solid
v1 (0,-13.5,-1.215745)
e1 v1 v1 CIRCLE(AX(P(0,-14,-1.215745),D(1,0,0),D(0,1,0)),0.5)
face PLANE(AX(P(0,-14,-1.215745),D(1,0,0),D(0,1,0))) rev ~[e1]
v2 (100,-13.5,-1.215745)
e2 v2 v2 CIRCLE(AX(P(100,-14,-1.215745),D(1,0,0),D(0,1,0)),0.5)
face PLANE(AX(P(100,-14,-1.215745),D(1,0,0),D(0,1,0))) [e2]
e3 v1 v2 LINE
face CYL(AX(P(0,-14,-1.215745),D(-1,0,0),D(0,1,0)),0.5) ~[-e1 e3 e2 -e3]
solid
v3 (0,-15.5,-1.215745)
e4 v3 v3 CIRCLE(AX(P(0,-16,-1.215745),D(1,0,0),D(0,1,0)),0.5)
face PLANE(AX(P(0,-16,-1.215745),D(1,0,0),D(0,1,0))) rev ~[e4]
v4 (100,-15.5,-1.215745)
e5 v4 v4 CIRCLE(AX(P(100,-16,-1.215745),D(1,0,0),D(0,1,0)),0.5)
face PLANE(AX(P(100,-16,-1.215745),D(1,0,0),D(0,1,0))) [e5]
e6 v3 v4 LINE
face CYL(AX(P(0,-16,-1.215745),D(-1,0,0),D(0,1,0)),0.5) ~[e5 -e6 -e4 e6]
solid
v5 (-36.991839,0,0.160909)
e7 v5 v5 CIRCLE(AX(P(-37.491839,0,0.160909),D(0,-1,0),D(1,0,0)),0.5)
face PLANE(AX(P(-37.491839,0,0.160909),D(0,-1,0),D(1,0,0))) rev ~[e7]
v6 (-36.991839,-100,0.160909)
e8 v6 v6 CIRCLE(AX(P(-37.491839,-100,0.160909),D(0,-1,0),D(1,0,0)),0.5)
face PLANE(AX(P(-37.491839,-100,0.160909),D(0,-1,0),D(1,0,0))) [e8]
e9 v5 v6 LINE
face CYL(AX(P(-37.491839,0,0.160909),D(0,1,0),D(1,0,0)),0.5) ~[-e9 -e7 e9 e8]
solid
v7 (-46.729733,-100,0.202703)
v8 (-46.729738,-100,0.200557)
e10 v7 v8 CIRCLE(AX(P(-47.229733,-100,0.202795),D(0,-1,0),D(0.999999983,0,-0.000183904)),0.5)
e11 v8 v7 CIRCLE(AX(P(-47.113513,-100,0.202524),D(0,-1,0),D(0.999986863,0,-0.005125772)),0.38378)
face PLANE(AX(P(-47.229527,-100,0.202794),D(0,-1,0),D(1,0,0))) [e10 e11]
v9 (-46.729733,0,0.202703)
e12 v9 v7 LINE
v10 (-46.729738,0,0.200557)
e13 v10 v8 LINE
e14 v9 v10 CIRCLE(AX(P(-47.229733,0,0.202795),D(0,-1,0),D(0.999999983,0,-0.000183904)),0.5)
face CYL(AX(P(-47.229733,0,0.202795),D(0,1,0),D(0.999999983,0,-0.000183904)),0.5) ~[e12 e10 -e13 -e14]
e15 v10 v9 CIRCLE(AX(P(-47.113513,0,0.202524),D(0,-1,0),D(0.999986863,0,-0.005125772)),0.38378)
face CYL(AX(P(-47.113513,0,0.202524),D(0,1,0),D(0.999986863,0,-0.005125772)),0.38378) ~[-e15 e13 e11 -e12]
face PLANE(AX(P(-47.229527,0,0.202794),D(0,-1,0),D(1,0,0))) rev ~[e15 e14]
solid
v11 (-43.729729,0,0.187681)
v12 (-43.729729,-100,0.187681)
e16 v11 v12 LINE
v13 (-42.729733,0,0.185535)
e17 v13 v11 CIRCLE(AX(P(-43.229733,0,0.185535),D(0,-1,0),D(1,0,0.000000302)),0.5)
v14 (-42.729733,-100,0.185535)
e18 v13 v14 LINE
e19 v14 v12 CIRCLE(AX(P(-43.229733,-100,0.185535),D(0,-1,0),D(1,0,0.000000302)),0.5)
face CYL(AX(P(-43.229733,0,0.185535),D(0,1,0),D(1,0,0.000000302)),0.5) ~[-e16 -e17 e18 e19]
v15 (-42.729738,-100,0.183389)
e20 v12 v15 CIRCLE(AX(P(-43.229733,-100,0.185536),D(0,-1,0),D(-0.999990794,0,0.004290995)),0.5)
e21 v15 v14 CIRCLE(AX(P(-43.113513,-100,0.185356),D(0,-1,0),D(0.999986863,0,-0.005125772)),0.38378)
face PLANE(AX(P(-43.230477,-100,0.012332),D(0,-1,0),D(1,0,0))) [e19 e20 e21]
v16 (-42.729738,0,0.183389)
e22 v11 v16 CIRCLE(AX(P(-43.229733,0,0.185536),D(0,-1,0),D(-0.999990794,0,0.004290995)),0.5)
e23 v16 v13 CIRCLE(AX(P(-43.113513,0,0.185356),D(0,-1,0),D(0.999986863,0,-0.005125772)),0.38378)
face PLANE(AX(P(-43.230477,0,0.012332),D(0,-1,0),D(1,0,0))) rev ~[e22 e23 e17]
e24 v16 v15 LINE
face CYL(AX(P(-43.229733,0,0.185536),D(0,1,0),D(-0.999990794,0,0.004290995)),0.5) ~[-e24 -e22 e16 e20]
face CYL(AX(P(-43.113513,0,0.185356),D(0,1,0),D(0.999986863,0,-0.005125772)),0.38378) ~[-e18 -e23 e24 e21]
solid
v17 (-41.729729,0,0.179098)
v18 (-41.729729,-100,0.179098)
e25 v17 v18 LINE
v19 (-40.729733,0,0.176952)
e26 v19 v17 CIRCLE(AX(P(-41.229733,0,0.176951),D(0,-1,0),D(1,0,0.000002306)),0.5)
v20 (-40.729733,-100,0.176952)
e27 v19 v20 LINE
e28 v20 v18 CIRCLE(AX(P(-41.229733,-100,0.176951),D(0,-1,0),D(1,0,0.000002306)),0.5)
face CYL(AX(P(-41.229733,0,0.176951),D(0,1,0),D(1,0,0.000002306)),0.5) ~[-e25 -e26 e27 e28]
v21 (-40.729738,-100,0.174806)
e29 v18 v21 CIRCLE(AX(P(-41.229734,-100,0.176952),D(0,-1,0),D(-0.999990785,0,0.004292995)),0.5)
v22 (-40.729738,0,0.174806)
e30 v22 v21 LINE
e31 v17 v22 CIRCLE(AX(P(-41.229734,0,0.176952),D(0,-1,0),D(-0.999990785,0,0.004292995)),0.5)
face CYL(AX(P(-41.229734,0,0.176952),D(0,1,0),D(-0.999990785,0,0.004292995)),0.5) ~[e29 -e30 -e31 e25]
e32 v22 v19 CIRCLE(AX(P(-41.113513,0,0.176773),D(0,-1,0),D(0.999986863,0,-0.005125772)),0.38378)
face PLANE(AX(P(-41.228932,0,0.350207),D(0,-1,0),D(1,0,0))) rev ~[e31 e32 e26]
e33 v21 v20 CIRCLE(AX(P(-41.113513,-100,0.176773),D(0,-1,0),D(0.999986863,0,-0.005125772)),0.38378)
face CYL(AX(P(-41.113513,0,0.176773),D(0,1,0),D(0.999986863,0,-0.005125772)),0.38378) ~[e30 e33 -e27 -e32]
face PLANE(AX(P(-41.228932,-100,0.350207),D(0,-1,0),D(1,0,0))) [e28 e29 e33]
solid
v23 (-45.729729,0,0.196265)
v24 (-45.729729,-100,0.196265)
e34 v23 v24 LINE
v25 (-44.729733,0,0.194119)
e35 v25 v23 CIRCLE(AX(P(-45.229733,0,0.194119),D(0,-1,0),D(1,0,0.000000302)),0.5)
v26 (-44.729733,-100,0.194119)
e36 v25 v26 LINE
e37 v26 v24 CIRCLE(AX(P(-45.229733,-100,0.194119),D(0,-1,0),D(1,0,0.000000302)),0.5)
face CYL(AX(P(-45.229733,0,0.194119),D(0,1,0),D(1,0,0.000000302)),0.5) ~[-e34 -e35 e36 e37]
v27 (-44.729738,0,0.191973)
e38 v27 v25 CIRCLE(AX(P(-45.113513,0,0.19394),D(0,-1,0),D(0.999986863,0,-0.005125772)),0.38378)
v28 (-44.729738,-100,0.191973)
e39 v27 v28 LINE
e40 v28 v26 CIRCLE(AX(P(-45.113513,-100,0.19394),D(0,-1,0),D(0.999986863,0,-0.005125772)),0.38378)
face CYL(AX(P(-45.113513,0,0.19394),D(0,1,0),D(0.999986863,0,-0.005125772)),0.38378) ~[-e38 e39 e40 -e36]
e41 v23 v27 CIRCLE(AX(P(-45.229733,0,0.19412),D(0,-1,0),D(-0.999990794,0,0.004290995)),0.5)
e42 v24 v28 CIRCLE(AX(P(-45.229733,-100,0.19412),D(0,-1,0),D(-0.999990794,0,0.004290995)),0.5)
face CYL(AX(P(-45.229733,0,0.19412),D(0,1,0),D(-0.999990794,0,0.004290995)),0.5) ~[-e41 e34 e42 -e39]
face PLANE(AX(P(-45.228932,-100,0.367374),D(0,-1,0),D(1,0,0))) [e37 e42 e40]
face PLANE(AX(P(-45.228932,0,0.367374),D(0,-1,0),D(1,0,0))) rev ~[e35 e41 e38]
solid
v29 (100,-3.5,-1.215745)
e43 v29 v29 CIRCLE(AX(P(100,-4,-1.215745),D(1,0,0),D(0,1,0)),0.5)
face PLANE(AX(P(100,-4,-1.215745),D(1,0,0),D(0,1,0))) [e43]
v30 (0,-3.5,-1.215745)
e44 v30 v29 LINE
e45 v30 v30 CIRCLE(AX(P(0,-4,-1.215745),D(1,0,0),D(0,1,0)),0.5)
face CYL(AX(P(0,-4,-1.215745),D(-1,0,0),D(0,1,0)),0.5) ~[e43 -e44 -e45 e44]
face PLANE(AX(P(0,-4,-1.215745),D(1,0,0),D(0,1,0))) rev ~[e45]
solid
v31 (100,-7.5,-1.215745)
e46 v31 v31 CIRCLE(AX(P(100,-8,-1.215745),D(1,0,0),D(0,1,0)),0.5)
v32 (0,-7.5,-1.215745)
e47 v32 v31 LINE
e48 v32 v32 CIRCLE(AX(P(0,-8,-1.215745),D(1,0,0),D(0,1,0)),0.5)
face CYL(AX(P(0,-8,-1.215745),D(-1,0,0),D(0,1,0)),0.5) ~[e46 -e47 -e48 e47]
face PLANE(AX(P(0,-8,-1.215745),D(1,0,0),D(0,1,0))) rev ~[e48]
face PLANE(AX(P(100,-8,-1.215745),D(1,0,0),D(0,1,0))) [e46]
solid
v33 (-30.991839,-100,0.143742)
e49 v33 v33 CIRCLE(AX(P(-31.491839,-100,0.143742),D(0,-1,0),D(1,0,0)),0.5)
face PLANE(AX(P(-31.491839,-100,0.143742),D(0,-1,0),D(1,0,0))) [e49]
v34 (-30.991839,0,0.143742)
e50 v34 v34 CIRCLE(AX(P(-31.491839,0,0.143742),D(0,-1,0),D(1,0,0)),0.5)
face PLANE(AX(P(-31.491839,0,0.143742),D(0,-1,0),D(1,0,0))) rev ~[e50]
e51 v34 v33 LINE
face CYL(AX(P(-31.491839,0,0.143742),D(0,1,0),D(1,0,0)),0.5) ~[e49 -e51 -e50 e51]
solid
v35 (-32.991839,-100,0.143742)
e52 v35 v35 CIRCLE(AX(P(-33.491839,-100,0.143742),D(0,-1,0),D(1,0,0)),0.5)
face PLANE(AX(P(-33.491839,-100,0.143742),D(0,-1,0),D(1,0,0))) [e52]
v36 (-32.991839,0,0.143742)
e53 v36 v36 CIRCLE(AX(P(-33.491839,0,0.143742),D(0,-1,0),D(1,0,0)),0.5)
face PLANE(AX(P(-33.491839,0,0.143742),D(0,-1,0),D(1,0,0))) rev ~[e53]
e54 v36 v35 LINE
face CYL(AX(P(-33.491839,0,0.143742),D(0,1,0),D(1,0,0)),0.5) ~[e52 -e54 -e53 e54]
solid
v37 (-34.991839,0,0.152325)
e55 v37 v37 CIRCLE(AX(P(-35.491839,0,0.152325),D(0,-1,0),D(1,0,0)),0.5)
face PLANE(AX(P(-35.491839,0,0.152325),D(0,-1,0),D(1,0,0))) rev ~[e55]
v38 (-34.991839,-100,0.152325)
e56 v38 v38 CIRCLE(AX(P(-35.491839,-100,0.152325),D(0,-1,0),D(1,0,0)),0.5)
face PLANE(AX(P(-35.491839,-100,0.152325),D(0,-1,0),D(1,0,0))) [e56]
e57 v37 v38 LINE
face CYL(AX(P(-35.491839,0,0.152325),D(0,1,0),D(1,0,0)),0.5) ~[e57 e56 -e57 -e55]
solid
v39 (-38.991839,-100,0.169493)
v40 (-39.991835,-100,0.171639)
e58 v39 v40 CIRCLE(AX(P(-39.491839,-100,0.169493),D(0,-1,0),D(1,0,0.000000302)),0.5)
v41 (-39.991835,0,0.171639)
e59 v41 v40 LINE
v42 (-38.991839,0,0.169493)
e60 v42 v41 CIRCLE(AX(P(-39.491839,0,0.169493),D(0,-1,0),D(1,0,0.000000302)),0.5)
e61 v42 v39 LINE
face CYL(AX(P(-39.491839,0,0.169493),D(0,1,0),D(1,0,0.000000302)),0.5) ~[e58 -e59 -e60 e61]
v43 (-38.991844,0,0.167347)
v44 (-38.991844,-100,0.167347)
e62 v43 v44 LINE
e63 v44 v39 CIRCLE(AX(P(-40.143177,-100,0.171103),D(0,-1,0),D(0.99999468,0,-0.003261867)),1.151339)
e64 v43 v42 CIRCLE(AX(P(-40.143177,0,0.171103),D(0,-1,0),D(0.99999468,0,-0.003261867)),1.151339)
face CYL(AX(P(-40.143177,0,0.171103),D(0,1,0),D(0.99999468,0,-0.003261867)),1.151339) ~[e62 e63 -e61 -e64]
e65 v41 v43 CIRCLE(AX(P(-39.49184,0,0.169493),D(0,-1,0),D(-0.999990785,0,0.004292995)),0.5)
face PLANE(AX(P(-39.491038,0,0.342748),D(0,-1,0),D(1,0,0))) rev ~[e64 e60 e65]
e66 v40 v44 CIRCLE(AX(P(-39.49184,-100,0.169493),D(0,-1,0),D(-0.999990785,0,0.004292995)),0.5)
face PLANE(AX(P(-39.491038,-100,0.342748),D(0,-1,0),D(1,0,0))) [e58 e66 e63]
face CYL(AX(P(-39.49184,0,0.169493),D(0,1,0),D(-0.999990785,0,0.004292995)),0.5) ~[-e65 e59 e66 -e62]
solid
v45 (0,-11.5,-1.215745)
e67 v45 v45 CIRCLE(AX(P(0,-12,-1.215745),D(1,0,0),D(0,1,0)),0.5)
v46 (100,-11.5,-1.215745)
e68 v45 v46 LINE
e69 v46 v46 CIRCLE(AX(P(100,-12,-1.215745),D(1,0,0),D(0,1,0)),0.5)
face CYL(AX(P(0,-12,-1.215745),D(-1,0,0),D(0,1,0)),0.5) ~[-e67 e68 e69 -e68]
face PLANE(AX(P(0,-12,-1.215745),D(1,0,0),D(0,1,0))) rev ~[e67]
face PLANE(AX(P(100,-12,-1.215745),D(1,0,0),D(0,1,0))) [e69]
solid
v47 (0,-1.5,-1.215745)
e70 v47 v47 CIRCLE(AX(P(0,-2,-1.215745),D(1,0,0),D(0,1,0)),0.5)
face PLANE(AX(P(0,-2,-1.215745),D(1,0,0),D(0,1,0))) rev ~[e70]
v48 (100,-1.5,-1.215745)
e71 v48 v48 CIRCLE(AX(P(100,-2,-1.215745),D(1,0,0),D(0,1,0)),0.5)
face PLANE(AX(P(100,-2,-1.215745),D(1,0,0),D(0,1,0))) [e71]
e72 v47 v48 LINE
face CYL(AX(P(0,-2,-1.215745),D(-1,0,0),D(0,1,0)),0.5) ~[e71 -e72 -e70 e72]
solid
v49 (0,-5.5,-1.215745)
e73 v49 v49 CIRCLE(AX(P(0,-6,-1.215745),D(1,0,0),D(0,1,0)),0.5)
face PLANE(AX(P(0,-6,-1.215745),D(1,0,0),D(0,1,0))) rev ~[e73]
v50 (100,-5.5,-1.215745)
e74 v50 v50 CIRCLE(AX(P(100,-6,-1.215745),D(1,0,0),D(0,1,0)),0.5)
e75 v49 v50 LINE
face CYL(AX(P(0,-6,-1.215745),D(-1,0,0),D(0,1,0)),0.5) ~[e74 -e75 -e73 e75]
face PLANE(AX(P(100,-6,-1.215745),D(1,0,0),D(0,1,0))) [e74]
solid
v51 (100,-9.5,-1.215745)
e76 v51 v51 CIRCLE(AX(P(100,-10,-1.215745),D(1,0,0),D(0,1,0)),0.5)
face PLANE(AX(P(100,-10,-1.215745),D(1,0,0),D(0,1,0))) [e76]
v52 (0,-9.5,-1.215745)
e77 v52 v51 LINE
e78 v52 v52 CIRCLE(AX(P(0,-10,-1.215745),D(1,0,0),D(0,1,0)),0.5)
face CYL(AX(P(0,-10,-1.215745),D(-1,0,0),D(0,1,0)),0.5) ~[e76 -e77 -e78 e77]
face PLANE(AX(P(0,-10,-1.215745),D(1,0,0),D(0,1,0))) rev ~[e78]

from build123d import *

# Parameters (mm, degrees)
F1_R     = 0.5
F2_DEPTH = 100
F3_R     = 0.5
F4_DEPTH = 100


with BuildPart() as f2:
    # F0 (on Front) + F1 (on Front) → F2 (new body)
    with BuildSketch(Plane.XZ):
        with BuildLine():
            ThreePointArc((-46.729733, 0.202703), (-47.729732, 0.203776), (-46.729738, 0.200557))
            ThreePointArc((-46.729738, 0.200557), (-46.729734, 0.20163), (-46.729733, 0.202703))
        make_face()
        with BuildLine():
            Line((-45.729729, 0.196265), (-44.729738, 0.191973))
            ThreePointArc((-44.729738, 0.191973), (-44.729734, 0.193046), (-44.729733, 0.194119))
            ThreePointArc((-44.729733, 0.194119), (-45.22866, 0.694118), (-45.729729, 0.196265))
        make_face()
        with BuildLine():
            ThreePointArc((-45.729729, 0.196265), (-45.231879, -0.305876), (-44.729738, 0.191973))
            Line((-44.729738, 0.191973), (-45.729729, 0.196265))
        make_face()
        with BuildLine():
            ThreePointArc((-43.729729, 0.187681), (-43.231879, -0.31446), (-42.729738, 0.183389))
            Line((-42.729738, 0.183389), (-43.729729, 0.187681))
        make_face()
        with BuildLine():
            Line((-43.729729, 0.187681), (-42.729738, 0.183389))
            ThreePointArc((-42.729738, 0.183389), (-42.729734, 0.184462), (-42.729733, 0.185535))
            ThreePointArc((-42.729733, 0.185535), (-43.22866, 0.685534), (-43.729729, 0.187681))
        make_face()
        with BuildLine():
            Line((-41.729729, 0.179098), (-40.729738, 0.174806))
            ThreePointArc((-40.729738, 0.174806), (-40.729734, 0.175879), (-40.729733, 0.176952))
            ThreePointArc((-40.729733, 0.176952), (-41.22866, 0.67695), (-41.729729, 0.179098))
        make_face()
        with BuildLine():
            ThreePointArc((-41.729729, 0.179098), (-41.231879, -0.323044), (-40.729738, 0.174806))
            Line((-40.729738, 0.174806), (-41.729729, 0.179098))
        make_face()
        with BuildLine():
            Line((-39.991835, 0.171639), (-38.991844, 0.167347))
            ThreePointArc((-38.991844, 0.167347), (-38.991841, 0.16842), (-38.991839, 0.169493))
            ThreePointArc((-38.991839, 0.169493), (-39.490766, 0.669492), (-39.991835, 0.171639))
        make_face()
        with BuildLine():
            ThreePointArc((-39.991835, 0.171639), (-39.493985, -0.330503), (-38.991844, 0.167347))
            Line((-38.991844, 0.167347), (-39.991835, 0.171639))
        make_face()
    with BuildSketch(Plane.XZ):
        with Locations((-35.491839, 0.152325)):
            Circle(F1_R)
        with Locations((-33.491839, 0.143742)):
            Circle(F1_R)
        with Locations((-37.491839, 0.160909)):
            Circle(F1_R)
        with Locations((-31.491839, 0.143742)):
            Circle(F1_R)
    extrude(amount=F2_DEPTH)


with BuildPart() as f4:
    # F3 (on Right) → F4 (new body)
    with BuildSketch(Plane.YZ):
        with Locations((-16, -1.215745)):
            Circle(F3_R)
        with Locations((-14, -1.215745)):
            Circle(F3_R)
        with Locations((-12, -1.215745)):
            Circle(F3_R)
        with Locations((-10, -1.215745)):
            Circle(F3_R)
        with Locations((-8, -1.215745)):
            Circle(F3_R)
        with Locations((-6, -1.215745)):
            Circle(F3_R)
        with Locations((-4, -1.215745)):
            Circle(F3_R)
        with Locations((-2, -1.215745)):
            Circle(F3_R)
    extrude(amount=F4_DEPTH)


solid = Compound([f2.part, f4.part])
